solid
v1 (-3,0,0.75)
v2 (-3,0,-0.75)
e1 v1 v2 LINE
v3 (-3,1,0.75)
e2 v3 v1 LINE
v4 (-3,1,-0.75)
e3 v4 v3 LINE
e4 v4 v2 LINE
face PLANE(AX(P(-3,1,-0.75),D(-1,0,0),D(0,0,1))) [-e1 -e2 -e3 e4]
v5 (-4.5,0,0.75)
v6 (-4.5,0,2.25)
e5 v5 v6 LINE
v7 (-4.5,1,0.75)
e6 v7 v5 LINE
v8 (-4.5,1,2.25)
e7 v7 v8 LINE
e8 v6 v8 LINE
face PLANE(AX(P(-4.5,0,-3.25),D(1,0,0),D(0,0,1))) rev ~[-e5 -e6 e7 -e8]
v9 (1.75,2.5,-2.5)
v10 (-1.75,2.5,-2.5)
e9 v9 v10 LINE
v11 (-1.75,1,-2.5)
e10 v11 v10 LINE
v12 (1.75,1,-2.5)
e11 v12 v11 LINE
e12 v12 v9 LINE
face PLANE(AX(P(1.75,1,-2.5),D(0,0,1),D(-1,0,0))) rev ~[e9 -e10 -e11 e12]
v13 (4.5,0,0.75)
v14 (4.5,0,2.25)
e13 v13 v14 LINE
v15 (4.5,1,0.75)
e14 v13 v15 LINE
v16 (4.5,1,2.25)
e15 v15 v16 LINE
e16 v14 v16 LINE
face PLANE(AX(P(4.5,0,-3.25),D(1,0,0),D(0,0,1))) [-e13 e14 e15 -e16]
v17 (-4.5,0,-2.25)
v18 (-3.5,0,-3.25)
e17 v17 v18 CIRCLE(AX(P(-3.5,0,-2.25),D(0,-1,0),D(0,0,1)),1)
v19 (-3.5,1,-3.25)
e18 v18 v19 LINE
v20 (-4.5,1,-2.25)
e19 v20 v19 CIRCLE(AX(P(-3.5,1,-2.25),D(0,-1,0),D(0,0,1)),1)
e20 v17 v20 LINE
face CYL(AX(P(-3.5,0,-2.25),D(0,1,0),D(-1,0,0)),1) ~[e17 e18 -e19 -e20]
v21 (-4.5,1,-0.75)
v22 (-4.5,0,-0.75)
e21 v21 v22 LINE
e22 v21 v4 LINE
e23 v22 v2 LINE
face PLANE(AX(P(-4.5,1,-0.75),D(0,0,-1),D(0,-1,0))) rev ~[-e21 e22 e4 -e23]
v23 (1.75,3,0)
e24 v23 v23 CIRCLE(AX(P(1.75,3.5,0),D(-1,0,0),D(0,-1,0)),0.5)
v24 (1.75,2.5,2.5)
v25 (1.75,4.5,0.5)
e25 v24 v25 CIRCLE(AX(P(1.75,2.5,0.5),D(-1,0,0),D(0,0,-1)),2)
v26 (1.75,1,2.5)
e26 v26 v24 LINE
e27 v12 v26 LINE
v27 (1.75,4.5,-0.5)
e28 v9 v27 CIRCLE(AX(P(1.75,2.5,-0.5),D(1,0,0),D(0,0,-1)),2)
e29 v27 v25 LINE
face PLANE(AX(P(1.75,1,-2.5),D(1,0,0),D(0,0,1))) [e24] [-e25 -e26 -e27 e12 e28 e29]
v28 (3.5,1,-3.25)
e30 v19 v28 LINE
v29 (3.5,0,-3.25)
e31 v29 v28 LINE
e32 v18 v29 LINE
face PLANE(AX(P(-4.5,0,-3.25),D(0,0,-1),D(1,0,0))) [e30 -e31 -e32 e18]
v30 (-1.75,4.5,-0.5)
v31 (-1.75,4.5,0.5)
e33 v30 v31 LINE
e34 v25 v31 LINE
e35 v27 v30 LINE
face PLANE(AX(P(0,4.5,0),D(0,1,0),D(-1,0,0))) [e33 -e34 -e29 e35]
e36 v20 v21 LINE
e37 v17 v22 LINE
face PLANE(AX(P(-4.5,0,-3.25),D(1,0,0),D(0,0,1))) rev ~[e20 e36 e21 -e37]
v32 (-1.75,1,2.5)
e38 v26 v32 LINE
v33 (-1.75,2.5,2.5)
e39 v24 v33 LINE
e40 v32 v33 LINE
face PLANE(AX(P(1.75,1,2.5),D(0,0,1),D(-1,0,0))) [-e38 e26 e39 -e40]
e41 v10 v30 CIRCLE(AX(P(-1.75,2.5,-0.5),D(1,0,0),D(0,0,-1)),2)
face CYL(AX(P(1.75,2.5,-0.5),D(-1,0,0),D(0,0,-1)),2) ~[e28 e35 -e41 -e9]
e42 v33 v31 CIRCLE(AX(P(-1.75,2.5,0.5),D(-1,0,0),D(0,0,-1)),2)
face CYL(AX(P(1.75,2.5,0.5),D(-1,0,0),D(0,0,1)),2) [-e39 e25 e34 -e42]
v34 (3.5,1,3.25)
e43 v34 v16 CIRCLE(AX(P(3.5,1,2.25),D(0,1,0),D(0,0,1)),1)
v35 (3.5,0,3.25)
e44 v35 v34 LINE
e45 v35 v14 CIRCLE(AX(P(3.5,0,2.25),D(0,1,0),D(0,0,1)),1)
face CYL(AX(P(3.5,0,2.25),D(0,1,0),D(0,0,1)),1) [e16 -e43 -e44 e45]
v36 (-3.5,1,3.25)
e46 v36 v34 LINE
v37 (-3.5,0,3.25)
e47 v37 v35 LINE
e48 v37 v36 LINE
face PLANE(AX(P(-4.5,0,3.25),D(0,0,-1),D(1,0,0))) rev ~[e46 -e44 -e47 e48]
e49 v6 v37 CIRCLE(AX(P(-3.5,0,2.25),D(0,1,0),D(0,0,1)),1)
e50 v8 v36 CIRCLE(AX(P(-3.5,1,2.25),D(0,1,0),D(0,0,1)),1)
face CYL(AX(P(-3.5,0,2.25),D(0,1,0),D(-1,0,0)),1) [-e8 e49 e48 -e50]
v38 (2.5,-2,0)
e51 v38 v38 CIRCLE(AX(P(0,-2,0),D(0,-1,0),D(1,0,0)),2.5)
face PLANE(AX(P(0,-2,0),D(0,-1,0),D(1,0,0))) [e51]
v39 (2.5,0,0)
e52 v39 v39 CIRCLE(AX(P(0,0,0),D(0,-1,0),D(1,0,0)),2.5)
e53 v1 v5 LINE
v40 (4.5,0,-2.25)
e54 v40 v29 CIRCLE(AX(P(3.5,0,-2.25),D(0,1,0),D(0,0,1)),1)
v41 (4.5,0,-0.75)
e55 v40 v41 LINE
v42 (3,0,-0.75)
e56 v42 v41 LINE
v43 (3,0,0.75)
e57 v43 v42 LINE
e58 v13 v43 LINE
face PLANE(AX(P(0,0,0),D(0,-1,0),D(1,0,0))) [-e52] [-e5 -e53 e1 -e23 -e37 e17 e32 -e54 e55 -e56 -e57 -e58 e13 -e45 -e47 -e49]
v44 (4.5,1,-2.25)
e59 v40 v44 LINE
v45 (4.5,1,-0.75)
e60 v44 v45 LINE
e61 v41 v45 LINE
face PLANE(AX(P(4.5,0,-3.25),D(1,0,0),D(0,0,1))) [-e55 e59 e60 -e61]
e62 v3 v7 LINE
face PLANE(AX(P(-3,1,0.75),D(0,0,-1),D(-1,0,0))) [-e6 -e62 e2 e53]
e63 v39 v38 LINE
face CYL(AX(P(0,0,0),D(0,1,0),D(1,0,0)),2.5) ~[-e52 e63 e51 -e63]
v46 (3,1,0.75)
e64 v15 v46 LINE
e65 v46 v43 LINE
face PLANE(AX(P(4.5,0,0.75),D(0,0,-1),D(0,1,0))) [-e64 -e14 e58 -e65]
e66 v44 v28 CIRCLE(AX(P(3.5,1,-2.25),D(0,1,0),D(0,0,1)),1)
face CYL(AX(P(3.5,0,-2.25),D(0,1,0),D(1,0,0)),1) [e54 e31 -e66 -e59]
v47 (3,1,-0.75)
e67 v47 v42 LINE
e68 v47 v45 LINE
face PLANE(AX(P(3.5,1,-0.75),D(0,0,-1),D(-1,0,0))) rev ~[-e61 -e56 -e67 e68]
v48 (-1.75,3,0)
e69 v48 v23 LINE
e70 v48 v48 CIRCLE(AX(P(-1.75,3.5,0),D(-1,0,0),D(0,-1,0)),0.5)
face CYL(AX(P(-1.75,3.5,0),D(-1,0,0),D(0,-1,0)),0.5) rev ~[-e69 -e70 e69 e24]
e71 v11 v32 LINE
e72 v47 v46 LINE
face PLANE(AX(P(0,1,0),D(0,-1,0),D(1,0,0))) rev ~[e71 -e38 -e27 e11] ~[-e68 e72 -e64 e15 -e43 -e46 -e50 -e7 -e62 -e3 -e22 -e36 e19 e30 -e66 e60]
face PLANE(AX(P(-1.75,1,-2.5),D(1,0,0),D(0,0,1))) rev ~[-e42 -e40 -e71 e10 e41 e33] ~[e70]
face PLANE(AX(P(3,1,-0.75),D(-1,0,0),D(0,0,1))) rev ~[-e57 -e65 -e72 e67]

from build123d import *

# Parameters (mm, degrees)
F0_R      = 2.5
F1_DEPTH  = 2
F2_W      = 9
F2_H      = 6.5
F3_DEPTH  = 1
F4_W      = 3.5
F4_H      = 5
F5_DEPTH  = 3.5
F6_R      = 0.5
F7_DEPTH  = 25
F8_R      = 2
F9_W      = 1
F9_H      = 1.5
F10_DEPTH = 1
F11_W     = 1
F11_H     = 1.5
F12_DEPTH = 1
F13_R     = 1
F15_W     = 0.5
F15_H     = 1.5
F14_W     = 0.5
F14_H     = 1.5
F16_DEPTH = 25


with BuildPart() as f1:
    # F0 (on Front) → F1 (new body)
    with BuildSketch(Plane.XZ):
        Circle(F0_R)
    extrude(amount=F1_DEPTH)

    # F2 (on Front) → F3 (join)
    with BuildSketch(Plane.XZ):
        Rectangle(F2_W, F2_H)
    extrude(amount=-F3_DEPTH)

    # F4 (on face) → F5 (join)
    with BuildSketch(Plane(origin=(0, 1, 0), x_dir=(-1, 0, 0), z_dir=(0, 1, 0))):
        Rectangle(F4_W, F4_H)
    extrude(amount=F5_DEPTH)

    # F6 (on face) → F7 (cut)
    with BuildSketch(Plane(origin=(-1.75, 0, 0), x_dir=(0, -1, 0), z_dir=(-1, 0, 0))):
        with Locations((-3.5, 0)):
            Circle(F6_R)
    extrude(amount=-F7_DEPTH, mode=Mode.SUBTRACT)

    # F8
    f8_edges = [f1.edges().sort_by_distance(p)[0] for p in [
        (0, 4.5, -2.5),
        (0, 4.5, 2.5),
    ]]
    fillet(f8_edges, radius=F8_R)

    # F9 (on face) → F10 (cut)
    with BuildSketch(Plane(origin=(-4.5, 0, 0), x_dir=(0, -1, 0), z_dir=(-1, 0, 0))):
        with Locations((-0.5, 0)):
            Rectangle(F9_W, F9_H)
    extrude(amount=-F10_DEPTH, mode=Mode.SUBTRACT)

    # F11 (on face) → F12 (cut)
    with BuildSketch(Plane.YZ.offset(4.5)):
        with Locations((0.5, 0)):
            Rectangle(F11_W, F11_H)
    extrude(amount=-F12_DEPTH, mode=Mode.SUBTRACT)

    # F13
    f13_edges = [f1.edges().sort_by_distance(p)[0] for p in [
        (4.5, 0.5, 3.25),
        (4.5, 0.5, -3.25),
        (-4.5, 0.5, -3.25),
        (-4.5, 0.5, 3.25),
    ]]
    fillet(f13_edges, radius=F13_R)

    # F15 (on face) + F14 (on face) → F16 (cut)
    with BuildSketch(Plane(origin=(0, 1, 0), x_dir=(-1, 0, 0), z_dir=(0, 1, 0))):
        with Locations((3.25, 0)):
            Rectangle(F15_W, F15_H)
    with BuildSketch(Plane(origin=(0, 1, 0), x_dir=(-1, 0, 0), z_dir=(0, 1, 0))):
        with Locations((-3.25, 0)):
            Rectangle(F14_W, F14_H)
    extrude(amount=-F16_DEPTH, mode=Mode.SUBTRACT)


solid = f1.part
